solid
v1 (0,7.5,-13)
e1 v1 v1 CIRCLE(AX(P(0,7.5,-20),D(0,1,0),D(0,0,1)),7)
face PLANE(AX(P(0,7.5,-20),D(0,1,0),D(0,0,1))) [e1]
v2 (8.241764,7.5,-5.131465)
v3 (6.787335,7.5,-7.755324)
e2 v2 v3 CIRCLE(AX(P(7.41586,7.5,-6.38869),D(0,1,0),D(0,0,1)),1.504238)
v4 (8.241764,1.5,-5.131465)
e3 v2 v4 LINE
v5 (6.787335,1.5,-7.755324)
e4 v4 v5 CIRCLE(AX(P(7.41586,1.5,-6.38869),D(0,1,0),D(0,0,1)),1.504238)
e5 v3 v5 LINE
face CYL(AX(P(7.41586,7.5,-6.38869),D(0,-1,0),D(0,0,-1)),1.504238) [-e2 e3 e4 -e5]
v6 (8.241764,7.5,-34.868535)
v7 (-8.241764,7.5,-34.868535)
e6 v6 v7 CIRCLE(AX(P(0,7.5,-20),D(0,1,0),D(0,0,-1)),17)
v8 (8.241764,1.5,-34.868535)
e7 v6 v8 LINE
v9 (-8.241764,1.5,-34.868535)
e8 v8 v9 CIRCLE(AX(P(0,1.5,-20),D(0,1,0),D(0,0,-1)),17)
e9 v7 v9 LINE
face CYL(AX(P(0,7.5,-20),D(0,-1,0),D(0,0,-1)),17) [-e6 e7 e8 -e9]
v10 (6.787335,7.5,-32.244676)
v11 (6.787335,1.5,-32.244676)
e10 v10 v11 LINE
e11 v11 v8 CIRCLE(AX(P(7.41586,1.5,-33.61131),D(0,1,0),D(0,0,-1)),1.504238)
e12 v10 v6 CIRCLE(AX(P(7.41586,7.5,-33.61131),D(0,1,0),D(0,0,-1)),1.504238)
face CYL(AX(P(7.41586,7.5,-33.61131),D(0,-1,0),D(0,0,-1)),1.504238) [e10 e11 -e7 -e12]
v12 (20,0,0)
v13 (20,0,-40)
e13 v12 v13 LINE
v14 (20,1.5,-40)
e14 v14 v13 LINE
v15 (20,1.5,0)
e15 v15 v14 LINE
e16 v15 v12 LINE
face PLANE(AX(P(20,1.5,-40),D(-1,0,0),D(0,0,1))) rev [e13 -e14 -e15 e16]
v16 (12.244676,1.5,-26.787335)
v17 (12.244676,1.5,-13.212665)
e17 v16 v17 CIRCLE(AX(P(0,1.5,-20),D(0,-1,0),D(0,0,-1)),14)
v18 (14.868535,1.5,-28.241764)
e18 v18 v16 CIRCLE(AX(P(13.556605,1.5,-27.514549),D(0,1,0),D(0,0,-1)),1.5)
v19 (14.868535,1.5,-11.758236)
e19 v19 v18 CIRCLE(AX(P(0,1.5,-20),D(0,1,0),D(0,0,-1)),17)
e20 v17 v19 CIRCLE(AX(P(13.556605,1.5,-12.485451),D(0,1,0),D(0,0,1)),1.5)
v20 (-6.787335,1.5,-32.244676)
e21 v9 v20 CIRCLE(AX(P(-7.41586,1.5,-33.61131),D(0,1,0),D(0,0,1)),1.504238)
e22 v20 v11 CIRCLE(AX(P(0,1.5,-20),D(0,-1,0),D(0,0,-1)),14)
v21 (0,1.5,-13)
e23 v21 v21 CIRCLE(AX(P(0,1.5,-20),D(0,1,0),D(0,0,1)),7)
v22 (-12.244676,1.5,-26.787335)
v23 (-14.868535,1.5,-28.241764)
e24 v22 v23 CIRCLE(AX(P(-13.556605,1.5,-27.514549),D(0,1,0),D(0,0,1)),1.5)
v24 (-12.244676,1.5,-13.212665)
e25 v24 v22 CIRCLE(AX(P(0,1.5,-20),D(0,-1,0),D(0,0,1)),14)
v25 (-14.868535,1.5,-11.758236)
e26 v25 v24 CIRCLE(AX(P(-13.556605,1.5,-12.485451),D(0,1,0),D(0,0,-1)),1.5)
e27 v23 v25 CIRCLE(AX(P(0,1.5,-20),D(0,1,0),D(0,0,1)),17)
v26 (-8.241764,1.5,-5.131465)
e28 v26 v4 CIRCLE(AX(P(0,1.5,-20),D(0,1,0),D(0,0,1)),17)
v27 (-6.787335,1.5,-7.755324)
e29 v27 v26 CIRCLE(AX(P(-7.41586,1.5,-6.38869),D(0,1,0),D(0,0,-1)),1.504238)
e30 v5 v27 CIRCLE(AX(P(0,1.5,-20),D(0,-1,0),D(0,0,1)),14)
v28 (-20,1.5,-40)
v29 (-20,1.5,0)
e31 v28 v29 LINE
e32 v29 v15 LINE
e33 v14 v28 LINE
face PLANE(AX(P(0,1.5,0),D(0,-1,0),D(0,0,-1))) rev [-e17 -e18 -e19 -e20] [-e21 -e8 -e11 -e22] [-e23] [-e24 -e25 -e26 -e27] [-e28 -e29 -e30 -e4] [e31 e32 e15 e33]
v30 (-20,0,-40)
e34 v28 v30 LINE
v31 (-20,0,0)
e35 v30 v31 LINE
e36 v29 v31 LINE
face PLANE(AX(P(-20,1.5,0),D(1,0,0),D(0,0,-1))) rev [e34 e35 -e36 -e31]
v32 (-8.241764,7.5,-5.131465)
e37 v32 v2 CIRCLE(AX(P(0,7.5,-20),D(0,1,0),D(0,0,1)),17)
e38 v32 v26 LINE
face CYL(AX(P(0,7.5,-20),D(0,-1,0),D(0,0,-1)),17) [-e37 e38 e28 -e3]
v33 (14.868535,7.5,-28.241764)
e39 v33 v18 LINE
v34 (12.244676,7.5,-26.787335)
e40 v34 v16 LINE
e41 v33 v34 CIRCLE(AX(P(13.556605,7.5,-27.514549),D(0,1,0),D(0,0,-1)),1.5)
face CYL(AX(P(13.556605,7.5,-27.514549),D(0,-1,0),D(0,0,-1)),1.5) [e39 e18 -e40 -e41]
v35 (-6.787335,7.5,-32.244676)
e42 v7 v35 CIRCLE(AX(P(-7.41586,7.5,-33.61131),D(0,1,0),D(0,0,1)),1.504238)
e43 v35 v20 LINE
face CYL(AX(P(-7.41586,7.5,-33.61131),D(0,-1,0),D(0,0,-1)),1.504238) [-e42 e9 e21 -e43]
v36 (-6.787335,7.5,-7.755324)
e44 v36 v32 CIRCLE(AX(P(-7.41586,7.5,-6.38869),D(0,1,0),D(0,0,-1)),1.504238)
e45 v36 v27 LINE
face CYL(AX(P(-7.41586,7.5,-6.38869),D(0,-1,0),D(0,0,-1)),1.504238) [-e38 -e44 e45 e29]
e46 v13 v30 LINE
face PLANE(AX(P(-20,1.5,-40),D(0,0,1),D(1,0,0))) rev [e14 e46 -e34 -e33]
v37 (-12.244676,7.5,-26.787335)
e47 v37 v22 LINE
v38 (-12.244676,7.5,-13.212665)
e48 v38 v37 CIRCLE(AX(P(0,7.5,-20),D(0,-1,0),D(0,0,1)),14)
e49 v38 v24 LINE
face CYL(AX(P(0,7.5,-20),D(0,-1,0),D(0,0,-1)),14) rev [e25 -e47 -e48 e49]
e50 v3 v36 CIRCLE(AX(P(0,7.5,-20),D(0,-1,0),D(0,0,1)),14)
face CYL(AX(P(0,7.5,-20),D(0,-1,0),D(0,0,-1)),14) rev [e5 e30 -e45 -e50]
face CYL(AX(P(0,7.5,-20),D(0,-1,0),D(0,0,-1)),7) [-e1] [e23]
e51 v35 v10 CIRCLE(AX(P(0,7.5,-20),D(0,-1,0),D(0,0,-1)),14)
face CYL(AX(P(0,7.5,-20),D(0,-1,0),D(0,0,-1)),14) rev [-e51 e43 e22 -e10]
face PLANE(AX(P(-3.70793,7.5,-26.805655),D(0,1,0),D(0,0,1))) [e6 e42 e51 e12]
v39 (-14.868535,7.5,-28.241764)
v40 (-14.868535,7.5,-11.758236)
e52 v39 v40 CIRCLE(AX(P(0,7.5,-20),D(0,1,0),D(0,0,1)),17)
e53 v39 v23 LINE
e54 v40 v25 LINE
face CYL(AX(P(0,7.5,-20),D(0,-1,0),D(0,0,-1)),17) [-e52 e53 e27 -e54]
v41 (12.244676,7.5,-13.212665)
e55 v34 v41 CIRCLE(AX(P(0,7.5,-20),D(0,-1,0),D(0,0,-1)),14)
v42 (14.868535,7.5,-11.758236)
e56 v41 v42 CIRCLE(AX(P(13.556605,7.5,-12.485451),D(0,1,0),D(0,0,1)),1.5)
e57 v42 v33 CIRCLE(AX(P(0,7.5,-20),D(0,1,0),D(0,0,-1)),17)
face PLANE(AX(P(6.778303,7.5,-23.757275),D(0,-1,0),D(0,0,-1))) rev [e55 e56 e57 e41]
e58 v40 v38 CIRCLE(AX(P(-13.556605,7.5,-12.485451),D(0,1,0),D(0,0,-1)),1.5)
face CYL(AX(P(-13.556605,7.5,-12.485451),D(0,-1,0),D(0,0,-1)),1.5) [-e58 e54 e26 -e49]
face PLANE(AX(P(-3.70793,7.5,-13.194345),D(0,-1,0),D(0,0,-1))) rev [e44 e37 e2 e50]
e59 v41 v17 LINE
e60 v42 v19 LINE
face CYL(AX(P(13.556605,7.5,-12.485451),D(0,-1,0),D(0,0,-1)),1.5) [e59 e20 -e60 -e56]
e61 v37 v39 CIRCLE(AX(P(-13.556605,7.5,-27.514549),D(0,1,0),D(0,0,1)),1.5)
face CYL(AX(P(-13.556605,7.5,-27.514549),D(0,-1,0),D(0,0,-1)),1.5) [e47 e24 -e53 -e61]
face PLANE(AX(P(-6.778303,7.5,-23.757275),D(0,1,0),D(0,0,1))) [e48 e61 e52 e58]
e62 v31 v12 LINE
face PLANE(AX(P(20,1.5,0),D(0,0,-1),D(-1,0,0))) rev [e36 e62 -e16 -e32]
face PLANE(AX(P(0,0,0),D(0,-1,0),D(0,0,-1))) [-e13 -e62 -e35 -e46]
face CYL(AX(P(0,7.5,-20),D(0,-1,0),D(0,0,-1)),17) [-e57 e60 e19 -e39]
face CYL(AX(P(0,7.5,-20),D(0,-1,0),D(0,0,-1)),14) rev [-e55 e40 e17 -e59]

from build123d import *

# Parameters (mm, degrees)
SKETCH1_W           = 40
SKETCH1_H           = 40
BOSS_EXTRUDE1_DEPTH = 1.5
SKETCH2_R           = 7
BOSS_EXTRUDE2_DEPTH = 6


with BuildPart() as part:
    # Sketch1 → Boss-Extrude1 (new body)
    with BuildSketch(Plane(origin=(0, 0, 0), x_dir=(1, 0, 0), z_dir=(0, 1, 0))):
        with Locations((0, 20)):
            Rectangle(SKETCH1_W, SKETCH1_H)
    extrude(amount=BOSS_EXTRUDE1_DEPTH)

    # Sketch2 → Boss-Extrude2 (add)
    with BuildSketch(Plane(origin=(0, 1.5, 0), x_dir=(1, 0, 0), z_dir=(0, 1, 0))):
        with Locations(Location((0, 20, 0), (0, 0, 270))):
            Circle(SKETCH2_R)
        with BuildLine():
            ThreePointArc((-6.787334683, 32.2446759), (0, 34), (6.787334683, 32.2446759))
            ThreePointArc((6.787334683, 32.2446759), (8.731496224, 32.882040662), (8.241763544, 34.868535021))
            ThreePointArc((8.241763544, 34.868535021), (0, 37), (-8.241763544, 34.868535021))
            ThreePointArc((-8.241763544, 34.868535021), (-8.731496224, 32.882040662), (-6.787334683, 32.2446759))
        make_face()
        with BuildLine():
            ThreePointArc((-8.241763544, 5.131464979), (0, 3), (8.241763544, 5.131464979))
            ThreePointArc((8.241763544, 5.131464979), (8.731496224, 7.117959338), (6.787334683, 7.7553241))
            ThreePointArc((6.787334683, 7.7553241), (0, 6), (-6.787334683, 7.7553241))
            ThreePointArc((-6.787334683, 7.7553241), (-8.731496224, 7.117959338), (-8.241763544, 5.131464979))
        make_face()
        with BuildLine():
            ThreePointArc((12.2446759, 26.787334683), (14, 20), (12.2446759, 13.212665317))
            ThreePointArc((12.2446759, 13.212665317), (12.82939103, 11.173521325), (14.868535021, 11.758236456))
            ThreePointArc((14.868535021, 11.758236456), (17, 20), (14.868535021, 28.241763544))
            ThreePointArc((14.868535021, 28.241763544), (12.82939103, 28.826478675), (12.2446759, 26.787334683))
        make_face()
        with BuildLine():
            ThreePointArc((-12.2446759, 26.787334683), (-14, 20), (-12.2446759, 13.212665317))
            ThreePointArc((-12.2446759, 13.212665317), (-12.82939103, 11.173521325), (-14.868535021, 11.758236456))
            ThreePointArc((-14.868535021, 11.758236456), (-17, 20), (-14.868535021, 28.241763544))
            ThreePointArc((-14.868535021, 28.241763544), (-12.82939103, 28.826478675), (-12.2446759, 26.787334683))
        make_face()
    extrude(amount=BOSS_EXTRUDE2_DEPTH)


solid = part.part
